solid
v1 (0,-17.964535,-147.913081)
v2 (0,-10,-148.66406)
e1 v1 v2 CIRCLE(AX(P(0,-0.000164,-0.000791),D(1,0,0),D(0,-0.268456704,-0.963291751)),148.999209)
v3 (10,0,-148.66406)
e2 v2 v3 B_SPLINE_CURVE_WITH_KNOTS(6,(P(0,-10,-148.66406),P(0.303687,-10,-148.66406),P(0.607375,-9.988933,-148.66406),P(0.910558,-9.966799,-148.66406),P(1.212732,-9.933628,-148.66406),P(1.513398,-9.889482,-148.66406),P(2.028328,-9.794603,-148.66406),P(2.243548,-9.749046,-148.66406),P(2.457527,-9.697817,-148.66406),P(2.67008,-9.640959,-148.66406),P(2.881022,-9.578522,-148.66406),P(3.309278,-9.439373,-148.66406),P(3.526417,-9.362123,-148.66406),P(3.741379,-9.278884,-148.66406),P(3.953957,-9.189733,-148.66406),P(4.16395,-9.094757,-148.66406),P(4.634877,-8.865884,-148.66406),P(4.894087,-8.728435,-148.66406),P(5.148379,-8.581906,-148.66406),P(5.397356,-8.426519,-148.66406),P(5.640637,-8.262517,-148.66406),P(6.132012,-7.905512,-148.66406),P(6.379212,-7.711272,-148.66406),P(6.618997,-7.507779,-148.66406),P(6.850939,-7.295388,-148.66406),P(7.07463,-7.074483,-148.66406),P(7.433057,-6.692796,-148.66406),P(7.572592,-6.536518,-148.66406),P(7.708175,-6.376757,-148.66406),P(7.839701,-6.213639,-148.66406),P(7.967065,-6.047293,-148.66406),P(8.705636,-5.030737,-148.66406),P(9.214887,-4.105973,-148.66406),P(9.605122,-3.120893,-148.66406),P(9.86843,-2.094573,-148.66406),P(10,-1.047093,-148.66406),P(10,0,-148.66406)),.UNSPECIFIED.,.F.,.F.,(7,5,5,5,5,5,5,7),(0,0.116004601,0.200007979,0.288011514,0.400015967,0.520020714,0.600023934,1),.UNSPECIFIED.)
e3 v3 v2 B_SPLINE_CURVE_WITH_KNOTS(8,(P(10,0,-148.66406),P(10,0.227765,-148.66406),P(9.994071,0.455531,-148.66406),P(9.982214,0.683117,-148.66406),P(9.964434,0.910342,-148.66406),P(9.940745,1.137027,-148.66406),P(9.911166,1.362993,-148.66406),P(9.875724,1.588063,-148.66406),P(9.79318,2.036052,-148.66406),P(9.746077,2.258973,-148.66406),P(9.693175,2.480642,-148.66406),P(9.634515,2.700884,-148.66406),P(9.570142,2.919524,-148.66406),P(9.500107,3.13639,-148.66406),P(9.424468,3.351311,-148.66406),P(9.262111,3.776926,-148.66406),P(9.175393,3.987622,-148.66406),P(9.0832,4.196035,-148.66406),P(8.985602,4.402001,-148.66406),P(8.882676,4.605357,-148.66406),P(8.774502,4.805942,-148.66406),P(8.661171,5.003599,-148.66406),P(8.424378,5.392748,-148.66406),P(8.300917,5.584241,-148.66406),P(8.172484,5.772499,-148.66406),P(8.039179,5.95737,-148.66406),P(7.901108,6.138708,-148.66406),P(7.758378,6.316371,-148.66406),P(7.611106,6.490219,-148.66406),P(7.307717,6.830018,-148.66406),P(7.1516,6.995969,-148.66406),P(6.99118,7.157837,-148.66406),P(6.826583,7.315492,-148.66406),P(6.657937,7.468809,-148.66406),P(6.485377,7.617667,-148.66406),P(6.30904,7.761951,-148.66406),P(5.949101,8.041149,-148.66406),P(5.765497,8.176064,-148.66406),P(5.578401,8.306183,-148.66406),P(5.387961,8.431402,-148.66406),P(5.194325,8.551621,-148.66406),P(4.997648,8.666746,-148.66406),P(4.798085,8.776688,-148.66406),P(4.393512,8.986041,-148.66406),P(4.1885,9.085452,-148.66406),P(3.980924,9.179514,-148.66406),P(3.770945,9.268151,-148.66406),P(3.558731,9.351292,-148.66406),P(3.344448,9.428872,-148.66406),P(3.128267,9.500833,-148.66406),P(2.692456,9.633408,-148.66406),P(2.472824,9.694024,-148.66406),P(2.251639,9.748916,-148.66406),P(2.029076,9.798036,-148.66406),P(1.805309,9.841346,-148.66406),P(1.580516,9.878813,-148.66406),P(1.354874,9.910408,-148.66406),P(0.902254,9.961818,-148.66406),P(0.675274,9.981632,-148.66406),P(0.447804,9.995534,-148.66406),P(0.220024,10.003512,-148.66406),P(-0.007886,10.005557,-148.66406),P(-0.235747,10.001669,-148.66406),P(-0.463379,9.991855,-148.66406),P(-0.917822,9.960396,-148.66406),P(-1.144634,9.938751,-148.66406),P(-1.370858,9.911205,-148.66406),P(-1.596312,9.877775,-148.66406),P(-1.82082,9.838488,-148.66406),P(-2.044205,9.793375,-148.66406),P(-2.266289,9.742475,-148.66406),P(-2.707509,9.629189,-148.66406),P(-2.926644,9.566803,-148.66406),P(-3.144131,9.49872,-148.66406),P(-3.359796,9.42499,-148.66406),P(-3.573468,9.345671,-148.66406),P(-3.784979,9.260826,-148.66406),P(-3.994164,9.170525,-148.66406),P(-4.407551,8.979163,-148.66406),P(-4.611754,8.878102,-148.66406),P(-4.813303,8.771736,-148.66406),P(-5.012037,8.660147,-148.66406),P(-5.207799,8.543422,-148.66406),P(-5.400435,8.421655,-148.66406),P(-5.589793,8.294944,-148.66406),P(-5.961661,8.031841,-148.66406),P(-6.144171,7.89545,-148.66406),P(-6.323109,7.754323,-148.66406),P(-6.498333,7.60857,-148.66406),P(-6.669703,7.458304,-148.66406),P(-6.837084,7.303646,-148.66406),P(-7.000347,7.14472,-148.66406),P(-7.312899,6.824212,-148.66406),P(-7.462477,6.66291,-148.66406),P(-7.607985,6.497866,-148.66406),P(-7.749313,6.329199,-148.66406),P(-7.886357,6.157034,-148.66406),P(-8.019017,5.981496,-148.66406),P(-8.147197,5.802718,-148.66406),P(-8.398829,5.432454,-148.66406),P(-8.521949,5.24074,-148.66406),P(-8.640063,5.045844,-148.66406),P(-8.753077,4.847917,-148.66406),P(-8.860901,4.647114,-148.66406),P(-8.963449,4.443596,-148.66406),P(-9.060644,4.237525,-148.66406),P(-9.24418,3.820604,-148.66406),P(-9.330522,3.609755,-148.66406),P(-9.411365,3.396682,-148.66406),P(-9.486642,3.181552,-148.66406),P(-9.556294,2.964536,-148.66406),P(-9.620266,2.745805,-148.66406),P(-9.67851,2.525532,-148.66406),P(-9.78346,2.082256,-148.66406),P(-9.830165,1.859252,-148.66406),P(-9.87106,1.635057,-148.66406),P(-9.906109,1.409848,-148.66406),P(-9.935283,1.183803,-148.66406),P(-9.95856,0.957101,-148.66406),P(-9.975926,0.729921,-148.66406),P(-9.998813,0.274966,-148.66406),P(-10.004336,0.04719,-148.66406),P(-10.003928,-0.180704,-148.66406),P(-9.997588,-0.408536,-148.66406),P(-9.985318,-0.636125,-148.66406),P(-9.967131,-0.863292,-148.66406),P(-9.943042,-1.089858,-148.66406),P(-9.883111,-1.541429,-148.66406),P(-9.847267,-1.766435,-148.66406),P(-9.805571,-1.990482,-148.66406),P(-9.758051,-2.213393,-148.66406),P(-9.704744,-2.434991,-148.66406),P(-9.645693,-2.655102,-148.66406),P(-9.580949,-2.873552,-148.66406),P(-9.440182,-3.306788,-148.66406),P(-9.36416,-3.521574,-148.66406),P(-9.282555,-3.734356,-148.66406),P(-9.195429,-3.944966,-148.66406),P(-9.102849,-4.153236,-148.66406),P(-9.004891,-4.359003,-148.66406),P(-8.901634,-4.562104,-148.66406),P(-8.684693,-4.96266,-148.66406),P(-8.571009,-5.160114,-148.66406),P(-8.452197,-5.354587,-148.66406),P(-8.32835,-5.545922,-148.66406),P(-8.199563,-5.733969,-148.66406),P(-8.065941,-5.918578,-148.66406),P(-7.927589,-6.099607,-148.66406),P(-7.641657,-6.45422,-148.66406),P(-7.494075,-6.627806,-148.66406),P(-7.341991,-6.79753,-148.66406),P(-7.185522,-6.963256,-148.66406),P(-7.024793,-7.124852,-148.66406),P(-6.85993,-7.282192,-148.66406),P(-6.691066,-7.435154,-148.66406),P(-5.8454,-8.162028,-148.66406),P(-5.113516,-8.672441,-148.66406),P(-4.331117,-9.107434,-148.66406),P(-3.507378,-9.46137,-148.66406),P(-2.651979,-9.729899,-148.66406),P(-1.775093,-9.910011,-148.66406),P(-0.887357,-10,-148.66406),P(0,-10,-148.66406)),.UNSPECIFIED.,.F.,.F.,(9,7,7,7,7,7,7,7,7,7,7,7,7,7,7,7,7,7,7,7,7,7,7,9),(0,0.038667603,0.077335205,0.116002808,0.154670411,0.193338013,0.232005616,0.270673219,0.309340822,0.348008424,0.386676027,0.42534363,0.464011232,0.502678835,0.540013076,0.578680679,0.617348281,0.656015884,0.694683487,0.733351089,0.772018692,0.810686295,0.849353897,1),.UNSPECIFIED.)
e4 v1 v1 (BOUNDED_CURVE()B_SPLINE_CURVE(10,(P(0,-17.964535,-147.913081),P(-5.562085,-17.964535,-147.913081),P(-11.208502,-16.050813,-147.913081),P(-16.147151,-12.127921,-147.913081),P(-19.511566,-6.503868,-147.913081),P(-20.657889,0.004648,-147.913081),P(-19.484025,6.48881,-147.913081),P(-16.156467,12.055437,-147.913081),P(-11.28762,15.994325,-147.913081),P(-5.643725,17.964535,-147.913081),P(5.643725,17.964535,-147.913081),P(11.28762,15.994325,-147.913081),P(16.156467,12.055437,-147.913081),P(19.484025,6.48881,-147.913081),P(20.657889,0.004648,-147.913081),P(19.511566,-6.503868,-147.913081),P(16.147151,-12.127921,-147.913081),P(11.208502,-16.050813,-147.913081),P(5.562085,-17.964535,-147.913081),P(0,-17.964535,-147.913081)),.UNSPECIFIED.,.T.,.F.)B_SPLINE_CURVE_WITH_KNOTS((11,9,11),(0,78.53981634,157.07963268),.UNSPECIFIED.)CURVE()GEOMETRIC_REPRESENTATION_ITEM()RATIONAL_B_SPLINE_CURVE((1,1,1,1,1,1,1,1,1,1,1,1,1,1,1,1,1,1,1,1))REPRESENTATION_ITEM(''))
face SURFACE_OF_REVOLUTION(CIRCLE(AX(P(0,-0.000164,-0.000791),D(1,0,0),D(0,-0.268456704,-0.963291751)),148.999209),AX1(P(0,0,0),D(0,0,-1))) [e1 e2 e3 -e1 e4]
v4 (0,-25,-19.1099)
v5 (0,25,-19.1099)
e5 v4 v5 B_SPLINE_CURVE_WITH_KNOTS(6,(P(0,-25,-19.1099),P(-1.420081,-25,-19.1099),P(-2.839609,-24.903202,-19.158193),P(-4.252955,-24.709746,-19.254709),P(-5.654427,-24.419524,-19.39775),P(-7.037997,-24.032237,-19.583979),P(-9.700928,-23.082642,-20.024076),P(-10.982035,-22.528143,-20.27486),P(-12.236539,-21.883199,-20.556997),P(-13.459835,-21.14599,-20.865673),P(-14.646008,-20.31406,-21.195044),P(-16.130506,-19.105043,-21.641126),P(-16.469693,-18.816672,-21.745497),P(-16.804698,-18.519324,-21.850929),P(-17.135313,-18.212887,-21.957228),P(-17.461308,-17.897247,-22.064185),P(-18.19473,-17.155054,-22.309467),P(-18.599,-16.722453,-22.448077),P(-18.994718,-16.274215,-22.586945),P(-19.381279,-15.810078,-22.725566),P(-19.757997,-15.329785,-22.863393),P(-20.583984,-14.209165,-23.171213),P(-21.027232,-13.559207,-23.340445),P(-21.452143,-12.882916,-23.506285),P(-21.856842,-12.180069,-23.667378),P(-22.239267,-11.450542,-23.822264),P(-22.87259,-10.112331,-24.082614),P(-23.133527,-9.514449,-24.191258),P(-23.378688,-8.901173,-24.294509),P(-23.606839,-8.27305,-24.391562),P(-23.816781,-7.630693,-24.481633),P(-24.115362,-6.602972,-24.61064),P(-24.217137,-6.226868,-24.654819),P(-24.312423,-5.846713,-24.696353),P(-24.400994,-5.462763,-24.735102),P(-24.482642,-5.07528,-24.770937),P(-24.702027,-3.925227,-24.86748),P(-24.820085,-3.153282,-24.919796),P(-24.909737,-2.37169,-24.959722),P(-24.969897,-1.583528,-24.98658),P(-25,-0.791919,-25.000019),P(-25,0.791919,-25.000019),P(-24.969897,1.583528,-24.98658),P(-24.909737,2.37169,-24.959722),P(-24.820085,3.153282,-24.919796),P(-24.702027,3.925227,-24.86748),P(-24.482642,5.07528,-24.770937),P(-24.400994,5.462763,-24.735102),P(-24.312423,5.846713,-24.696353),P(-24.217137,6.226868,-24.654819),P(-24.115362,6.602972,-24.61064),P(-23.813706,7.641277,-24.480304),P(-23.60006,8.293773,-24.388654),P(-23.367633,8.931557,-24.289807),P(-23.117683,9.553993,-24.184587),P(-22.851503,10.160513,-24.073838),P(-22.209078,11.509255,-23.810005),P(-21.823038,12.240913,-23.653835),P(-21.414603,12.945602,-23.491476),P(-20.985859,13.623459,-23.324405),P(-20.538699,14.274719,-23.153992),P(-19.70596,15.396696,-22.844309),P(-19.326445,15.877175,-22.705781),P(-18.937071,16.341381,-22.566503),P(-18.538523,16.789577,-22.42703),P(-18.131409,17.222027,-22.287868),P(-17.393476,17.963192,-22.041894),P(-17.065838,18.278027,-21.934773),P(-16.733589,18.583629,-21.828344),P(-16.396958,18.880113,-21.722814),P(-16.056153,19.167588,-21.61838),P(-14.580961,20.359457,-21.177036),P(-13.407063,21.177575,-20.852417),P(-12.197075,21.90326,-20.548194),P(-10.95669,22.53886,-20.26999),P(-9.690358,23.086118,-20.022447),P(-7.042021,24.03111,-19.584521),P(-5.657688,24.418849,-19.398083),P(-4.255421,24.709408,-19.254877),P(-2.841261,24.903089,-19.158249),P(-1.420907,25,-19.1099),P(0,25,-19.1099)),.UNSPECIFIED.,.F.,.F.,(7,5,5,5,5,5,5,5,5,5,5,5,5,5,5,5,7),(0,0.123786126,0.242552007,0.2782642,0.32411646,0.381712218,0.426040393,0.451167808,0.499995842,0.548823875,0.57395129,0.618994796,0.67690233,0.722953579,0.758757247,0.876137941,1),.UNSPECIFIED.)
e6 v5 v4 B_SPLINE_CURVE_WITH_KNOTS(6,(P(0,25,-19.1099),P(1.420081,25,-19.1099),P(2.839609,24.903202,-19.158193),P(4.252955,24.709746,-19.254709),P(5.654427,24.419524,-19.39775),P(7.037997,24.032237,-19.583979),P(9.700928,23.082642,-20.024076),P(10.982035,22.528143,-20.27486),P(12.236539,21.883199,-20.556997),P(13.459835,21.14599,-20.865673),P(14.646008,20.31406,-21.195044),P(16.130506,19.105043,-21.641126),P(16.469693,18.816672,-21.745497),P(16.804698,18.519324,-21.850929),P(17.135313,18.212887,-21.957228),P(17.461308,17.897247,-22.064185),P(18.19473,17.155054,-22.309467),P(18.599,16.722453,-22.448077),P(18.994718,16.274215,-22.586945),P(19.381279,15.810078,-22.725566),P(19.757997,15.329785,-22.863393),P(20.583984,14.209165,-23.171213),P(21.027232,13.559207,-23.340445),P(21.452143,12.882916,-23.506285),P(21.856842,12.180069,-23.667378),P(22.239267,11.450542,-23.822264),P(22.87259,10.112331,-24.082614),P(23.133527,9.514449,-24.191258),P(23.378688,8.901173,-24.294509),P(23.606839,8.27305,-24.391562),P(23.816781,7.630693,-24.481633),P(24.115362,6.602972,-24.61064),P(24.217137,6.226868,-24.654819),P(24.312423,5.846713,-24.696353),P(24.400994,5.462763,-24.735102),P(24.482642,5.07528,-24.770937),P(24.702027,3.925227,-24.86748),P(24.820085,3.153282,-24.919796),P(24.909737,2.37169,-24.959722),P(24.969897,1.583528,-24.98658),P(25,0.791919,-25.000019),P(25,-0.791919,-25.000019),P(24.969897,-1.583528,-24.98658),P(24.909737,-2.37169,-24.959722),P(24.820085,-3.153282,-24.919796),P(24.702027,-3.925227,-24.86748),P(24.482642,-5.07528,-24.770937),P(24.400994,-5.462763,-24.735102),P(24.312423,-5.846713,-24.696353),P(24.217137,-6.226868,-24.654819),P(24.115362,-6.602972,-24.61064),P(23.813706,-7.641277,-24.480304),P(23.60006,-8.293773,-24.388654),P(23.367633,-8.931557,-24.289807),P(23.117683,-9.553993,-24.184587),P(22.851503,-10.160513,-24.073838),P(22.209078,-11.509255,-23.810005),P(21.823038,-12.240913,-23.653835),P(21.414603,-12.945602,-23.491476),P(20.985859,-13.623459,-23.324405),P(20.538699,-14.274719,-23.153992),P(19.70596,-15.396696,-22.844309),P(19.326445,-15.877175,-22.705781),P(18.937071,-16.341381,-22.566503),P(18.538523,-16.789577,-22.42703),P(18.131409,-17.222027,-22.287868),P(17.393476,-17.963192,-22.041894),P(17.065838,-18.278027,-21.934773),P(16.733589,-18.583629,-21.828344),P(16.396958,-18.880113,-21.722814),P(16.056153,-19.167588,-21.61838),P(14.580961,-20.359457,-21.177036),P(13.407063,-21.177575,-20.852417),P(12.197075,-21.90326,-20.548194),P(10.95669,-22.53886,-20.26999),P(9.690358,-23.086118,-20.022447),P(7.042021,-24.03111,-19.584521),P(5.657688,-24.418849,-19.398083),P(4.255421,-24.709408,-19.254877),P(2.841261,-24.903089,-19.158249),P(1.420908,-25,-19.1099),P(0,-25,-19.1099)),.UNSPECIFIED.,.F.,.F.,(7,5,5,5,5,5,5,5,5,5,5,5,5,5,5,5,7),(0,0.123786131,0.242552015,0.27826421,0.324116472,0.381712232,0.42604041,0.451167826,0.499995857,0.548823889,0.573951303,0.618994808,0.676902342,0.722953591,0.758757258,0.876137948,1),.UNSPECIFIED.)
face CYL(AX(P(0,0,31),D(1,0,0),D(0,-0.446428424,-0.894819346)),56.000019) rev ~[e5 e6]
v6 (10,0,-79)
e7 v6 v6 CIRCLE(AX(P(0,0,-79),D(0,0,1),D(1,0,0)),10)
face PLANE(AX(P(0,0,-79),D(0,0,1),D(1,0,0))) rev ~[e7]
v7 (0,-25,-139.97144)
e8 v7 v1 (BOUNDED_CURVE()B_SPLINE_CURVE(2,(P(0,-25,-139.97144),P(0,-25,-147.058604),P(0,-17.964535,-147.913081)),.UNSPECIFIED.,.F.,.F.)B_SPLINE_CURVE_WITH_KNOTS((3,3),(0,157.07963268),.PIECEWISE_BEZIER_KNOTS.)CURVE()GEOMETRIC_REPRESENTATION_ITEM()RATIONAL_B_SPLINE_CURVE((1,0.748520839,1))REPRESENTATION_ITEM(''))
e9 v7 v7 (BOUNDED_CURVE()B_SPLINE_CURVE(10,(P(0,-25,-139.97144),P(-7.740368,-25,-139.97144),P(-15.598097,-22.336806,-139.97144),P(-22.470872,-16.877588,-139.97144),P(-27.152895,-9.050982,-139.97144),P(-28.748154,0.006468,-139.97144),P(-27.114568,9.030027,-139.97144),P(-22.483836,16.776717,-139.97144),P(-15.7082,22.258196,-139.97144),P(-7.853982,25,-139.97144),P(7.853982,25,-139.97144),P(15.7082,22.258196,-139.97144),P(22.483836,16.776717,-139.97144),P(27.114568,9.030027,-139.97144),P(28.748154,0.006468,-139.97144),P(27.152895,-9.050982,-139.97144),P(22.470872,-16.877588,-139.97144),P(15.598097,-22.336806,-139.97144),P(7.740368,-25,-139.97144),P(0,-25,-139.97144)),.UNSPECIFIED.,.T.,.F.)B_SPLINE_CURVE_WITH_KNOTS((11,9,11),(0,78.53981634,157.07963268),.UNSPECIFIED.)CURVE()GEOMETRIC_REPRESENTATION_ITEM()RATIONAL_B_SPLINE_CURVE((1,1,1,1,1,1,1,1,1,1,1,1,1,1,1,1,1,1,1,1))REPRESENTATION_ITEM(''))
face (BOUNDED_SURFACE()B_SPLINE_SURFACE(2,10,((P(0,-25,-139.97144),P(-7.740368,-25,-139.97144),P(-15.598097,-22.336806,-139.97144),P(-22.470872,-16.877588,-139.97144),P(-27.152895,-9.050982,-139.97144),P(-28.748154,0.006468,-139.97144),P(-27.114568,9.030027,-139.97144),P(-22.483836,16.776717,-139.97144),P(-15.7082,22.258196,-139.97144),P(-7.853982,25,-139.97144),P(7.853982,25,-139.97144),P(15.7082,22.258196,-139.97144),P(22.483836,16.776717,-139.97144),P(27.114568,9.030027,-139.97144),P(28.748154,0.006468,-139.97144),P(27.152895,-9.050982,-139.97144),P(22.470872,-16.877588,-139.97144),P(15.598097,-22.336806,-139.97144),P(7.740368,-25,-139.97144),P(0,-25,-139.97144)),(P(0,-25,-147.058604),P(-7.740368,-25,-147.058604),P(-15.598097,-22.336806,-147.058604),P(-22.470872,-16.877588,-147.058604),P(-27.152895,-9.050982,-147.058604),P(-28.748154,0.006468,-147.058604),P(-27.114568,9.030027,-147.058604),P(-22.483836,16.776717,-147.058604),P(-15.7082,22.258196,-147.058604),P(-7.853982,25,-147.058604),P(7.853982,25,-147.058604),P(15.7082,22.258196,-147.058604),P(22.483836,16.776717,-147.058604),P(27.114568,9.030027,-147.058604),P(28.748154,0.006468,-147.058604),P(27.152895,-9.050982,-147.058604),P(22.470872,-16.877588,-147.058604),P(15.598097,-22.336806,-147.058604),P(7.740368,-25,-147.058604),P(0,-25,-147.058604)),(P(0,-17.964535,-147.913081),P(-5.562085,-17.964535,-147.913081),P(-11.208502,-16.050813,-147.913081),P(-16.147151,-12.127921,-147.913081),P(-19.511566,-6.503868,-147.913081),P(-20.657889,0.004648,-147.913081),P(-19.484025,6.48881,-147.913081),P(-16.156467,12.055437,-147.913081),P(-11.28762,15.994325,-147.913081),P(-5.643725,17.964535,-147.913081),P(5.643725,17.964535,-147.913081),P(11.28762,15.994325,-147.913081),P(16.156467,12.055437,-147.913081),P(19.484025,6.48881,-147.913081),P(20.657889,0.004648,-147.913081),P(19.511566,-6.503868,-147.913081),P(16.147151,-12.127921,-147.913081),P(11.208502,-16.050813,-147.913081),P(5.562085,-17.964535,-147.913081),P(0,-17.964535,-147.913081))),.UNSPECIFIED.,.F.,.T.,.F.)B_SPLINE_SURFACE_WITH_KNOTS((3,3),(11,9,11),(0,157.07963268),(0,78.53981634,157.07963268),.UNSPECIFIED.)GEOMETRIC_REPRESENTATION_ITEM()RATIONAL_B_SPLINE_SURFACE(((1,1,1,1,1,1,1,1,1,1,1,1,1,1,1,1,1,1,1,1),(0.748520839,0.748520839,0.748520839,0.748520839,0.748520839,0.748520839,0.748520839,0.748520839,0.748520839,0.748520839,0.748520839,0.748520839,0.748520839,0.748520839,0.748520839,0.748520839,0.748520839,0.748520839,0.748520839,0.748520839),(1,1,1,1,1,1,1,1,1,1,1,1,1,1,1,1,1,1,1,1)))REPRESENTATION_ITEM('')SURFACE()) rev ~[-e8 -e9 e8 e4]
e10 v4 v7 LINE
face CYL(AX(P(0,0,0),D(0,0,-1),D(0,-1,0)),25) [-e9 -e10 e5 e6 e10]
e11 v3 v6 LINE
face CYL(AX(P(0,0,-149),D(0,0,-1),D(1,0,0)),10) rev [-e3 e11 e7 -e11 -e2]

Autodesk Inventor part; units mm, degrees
ref_plane "YZ Plane" through (0, 0, 0) normal (1, 0, 0) x (0, 1, 0)
ref_plane "XZ Plane" through (0, 0, 0) normal (0, 1, 0) x (-1, 0, 0)
sketch "Sketch1" plane through (0, 0, 0) normal (1, 0, 0) x (0, 1, 0)
  circle A0 centre (0, 0) radius 25
  arc A1 (-25, -19.1099) -> (25, -19.1099) centre (0, 31) ccw
  line L0 (0, 31) -> (0, 0) construction
  circle A2 centre (0, 0) radius 149 construction
  line L1 (-25, 0) -> (-25, -149)
  line L2 (-25, -149) -> (25, -149)
  line L3 (25, -149) -> (25, 0)
  line L4 (-25, -149) -> (-40, -149)
  line L5 (-40, -149) -> (-40, -143.5305)
  arc A3 (-40, -143.5305) -> (0, -149) centre (0, 0) ccw
  line L6 (0, 0) -> (0, -149)
  line L7 (-25, 0) -> (25, 0)
  point P0 (0, -25)
  point P1 (-25, -146.8877)
  dimension "d2" = 298
  dimension "d0" = 50
  dimension "d1" = 112
  dimension "d3" = 40
sketch "Sketch2" plane through (0, 0, 0) normal (0, 0, 1) x (1, 0, 0)
  circle A0 centre (0, 0) radius 10
  dimension "d7" = 20
revolve "Revolution1" add sketch "Sketch1" angle 360 about axis through (0, 0, 0) along (0, 0, -1) picked at (-1.8543, -16.4577) contours L7 L6 A0 | A0 A1 L1 | L6 A3 L1 A1
extrude "Extrusion1" cut sketch "Sketch1" against normal through all both and the other way through all contours L7 A0 | L3 A1 A0 | A0 L6 L7 | L7 L6 A0 | A0 A1 L1
ref_plane "Work Plane1" through (0, 0, -149) normal (0, 0, 1) x (1, 0, 0)
extrude "Extrusion2" cut sketch "Sketch2" along normal blind 70 from surface at -149
fillet "Fillet1" radius 8 1 edges at (0, 25, -146.8877)
properties part number "shank"
